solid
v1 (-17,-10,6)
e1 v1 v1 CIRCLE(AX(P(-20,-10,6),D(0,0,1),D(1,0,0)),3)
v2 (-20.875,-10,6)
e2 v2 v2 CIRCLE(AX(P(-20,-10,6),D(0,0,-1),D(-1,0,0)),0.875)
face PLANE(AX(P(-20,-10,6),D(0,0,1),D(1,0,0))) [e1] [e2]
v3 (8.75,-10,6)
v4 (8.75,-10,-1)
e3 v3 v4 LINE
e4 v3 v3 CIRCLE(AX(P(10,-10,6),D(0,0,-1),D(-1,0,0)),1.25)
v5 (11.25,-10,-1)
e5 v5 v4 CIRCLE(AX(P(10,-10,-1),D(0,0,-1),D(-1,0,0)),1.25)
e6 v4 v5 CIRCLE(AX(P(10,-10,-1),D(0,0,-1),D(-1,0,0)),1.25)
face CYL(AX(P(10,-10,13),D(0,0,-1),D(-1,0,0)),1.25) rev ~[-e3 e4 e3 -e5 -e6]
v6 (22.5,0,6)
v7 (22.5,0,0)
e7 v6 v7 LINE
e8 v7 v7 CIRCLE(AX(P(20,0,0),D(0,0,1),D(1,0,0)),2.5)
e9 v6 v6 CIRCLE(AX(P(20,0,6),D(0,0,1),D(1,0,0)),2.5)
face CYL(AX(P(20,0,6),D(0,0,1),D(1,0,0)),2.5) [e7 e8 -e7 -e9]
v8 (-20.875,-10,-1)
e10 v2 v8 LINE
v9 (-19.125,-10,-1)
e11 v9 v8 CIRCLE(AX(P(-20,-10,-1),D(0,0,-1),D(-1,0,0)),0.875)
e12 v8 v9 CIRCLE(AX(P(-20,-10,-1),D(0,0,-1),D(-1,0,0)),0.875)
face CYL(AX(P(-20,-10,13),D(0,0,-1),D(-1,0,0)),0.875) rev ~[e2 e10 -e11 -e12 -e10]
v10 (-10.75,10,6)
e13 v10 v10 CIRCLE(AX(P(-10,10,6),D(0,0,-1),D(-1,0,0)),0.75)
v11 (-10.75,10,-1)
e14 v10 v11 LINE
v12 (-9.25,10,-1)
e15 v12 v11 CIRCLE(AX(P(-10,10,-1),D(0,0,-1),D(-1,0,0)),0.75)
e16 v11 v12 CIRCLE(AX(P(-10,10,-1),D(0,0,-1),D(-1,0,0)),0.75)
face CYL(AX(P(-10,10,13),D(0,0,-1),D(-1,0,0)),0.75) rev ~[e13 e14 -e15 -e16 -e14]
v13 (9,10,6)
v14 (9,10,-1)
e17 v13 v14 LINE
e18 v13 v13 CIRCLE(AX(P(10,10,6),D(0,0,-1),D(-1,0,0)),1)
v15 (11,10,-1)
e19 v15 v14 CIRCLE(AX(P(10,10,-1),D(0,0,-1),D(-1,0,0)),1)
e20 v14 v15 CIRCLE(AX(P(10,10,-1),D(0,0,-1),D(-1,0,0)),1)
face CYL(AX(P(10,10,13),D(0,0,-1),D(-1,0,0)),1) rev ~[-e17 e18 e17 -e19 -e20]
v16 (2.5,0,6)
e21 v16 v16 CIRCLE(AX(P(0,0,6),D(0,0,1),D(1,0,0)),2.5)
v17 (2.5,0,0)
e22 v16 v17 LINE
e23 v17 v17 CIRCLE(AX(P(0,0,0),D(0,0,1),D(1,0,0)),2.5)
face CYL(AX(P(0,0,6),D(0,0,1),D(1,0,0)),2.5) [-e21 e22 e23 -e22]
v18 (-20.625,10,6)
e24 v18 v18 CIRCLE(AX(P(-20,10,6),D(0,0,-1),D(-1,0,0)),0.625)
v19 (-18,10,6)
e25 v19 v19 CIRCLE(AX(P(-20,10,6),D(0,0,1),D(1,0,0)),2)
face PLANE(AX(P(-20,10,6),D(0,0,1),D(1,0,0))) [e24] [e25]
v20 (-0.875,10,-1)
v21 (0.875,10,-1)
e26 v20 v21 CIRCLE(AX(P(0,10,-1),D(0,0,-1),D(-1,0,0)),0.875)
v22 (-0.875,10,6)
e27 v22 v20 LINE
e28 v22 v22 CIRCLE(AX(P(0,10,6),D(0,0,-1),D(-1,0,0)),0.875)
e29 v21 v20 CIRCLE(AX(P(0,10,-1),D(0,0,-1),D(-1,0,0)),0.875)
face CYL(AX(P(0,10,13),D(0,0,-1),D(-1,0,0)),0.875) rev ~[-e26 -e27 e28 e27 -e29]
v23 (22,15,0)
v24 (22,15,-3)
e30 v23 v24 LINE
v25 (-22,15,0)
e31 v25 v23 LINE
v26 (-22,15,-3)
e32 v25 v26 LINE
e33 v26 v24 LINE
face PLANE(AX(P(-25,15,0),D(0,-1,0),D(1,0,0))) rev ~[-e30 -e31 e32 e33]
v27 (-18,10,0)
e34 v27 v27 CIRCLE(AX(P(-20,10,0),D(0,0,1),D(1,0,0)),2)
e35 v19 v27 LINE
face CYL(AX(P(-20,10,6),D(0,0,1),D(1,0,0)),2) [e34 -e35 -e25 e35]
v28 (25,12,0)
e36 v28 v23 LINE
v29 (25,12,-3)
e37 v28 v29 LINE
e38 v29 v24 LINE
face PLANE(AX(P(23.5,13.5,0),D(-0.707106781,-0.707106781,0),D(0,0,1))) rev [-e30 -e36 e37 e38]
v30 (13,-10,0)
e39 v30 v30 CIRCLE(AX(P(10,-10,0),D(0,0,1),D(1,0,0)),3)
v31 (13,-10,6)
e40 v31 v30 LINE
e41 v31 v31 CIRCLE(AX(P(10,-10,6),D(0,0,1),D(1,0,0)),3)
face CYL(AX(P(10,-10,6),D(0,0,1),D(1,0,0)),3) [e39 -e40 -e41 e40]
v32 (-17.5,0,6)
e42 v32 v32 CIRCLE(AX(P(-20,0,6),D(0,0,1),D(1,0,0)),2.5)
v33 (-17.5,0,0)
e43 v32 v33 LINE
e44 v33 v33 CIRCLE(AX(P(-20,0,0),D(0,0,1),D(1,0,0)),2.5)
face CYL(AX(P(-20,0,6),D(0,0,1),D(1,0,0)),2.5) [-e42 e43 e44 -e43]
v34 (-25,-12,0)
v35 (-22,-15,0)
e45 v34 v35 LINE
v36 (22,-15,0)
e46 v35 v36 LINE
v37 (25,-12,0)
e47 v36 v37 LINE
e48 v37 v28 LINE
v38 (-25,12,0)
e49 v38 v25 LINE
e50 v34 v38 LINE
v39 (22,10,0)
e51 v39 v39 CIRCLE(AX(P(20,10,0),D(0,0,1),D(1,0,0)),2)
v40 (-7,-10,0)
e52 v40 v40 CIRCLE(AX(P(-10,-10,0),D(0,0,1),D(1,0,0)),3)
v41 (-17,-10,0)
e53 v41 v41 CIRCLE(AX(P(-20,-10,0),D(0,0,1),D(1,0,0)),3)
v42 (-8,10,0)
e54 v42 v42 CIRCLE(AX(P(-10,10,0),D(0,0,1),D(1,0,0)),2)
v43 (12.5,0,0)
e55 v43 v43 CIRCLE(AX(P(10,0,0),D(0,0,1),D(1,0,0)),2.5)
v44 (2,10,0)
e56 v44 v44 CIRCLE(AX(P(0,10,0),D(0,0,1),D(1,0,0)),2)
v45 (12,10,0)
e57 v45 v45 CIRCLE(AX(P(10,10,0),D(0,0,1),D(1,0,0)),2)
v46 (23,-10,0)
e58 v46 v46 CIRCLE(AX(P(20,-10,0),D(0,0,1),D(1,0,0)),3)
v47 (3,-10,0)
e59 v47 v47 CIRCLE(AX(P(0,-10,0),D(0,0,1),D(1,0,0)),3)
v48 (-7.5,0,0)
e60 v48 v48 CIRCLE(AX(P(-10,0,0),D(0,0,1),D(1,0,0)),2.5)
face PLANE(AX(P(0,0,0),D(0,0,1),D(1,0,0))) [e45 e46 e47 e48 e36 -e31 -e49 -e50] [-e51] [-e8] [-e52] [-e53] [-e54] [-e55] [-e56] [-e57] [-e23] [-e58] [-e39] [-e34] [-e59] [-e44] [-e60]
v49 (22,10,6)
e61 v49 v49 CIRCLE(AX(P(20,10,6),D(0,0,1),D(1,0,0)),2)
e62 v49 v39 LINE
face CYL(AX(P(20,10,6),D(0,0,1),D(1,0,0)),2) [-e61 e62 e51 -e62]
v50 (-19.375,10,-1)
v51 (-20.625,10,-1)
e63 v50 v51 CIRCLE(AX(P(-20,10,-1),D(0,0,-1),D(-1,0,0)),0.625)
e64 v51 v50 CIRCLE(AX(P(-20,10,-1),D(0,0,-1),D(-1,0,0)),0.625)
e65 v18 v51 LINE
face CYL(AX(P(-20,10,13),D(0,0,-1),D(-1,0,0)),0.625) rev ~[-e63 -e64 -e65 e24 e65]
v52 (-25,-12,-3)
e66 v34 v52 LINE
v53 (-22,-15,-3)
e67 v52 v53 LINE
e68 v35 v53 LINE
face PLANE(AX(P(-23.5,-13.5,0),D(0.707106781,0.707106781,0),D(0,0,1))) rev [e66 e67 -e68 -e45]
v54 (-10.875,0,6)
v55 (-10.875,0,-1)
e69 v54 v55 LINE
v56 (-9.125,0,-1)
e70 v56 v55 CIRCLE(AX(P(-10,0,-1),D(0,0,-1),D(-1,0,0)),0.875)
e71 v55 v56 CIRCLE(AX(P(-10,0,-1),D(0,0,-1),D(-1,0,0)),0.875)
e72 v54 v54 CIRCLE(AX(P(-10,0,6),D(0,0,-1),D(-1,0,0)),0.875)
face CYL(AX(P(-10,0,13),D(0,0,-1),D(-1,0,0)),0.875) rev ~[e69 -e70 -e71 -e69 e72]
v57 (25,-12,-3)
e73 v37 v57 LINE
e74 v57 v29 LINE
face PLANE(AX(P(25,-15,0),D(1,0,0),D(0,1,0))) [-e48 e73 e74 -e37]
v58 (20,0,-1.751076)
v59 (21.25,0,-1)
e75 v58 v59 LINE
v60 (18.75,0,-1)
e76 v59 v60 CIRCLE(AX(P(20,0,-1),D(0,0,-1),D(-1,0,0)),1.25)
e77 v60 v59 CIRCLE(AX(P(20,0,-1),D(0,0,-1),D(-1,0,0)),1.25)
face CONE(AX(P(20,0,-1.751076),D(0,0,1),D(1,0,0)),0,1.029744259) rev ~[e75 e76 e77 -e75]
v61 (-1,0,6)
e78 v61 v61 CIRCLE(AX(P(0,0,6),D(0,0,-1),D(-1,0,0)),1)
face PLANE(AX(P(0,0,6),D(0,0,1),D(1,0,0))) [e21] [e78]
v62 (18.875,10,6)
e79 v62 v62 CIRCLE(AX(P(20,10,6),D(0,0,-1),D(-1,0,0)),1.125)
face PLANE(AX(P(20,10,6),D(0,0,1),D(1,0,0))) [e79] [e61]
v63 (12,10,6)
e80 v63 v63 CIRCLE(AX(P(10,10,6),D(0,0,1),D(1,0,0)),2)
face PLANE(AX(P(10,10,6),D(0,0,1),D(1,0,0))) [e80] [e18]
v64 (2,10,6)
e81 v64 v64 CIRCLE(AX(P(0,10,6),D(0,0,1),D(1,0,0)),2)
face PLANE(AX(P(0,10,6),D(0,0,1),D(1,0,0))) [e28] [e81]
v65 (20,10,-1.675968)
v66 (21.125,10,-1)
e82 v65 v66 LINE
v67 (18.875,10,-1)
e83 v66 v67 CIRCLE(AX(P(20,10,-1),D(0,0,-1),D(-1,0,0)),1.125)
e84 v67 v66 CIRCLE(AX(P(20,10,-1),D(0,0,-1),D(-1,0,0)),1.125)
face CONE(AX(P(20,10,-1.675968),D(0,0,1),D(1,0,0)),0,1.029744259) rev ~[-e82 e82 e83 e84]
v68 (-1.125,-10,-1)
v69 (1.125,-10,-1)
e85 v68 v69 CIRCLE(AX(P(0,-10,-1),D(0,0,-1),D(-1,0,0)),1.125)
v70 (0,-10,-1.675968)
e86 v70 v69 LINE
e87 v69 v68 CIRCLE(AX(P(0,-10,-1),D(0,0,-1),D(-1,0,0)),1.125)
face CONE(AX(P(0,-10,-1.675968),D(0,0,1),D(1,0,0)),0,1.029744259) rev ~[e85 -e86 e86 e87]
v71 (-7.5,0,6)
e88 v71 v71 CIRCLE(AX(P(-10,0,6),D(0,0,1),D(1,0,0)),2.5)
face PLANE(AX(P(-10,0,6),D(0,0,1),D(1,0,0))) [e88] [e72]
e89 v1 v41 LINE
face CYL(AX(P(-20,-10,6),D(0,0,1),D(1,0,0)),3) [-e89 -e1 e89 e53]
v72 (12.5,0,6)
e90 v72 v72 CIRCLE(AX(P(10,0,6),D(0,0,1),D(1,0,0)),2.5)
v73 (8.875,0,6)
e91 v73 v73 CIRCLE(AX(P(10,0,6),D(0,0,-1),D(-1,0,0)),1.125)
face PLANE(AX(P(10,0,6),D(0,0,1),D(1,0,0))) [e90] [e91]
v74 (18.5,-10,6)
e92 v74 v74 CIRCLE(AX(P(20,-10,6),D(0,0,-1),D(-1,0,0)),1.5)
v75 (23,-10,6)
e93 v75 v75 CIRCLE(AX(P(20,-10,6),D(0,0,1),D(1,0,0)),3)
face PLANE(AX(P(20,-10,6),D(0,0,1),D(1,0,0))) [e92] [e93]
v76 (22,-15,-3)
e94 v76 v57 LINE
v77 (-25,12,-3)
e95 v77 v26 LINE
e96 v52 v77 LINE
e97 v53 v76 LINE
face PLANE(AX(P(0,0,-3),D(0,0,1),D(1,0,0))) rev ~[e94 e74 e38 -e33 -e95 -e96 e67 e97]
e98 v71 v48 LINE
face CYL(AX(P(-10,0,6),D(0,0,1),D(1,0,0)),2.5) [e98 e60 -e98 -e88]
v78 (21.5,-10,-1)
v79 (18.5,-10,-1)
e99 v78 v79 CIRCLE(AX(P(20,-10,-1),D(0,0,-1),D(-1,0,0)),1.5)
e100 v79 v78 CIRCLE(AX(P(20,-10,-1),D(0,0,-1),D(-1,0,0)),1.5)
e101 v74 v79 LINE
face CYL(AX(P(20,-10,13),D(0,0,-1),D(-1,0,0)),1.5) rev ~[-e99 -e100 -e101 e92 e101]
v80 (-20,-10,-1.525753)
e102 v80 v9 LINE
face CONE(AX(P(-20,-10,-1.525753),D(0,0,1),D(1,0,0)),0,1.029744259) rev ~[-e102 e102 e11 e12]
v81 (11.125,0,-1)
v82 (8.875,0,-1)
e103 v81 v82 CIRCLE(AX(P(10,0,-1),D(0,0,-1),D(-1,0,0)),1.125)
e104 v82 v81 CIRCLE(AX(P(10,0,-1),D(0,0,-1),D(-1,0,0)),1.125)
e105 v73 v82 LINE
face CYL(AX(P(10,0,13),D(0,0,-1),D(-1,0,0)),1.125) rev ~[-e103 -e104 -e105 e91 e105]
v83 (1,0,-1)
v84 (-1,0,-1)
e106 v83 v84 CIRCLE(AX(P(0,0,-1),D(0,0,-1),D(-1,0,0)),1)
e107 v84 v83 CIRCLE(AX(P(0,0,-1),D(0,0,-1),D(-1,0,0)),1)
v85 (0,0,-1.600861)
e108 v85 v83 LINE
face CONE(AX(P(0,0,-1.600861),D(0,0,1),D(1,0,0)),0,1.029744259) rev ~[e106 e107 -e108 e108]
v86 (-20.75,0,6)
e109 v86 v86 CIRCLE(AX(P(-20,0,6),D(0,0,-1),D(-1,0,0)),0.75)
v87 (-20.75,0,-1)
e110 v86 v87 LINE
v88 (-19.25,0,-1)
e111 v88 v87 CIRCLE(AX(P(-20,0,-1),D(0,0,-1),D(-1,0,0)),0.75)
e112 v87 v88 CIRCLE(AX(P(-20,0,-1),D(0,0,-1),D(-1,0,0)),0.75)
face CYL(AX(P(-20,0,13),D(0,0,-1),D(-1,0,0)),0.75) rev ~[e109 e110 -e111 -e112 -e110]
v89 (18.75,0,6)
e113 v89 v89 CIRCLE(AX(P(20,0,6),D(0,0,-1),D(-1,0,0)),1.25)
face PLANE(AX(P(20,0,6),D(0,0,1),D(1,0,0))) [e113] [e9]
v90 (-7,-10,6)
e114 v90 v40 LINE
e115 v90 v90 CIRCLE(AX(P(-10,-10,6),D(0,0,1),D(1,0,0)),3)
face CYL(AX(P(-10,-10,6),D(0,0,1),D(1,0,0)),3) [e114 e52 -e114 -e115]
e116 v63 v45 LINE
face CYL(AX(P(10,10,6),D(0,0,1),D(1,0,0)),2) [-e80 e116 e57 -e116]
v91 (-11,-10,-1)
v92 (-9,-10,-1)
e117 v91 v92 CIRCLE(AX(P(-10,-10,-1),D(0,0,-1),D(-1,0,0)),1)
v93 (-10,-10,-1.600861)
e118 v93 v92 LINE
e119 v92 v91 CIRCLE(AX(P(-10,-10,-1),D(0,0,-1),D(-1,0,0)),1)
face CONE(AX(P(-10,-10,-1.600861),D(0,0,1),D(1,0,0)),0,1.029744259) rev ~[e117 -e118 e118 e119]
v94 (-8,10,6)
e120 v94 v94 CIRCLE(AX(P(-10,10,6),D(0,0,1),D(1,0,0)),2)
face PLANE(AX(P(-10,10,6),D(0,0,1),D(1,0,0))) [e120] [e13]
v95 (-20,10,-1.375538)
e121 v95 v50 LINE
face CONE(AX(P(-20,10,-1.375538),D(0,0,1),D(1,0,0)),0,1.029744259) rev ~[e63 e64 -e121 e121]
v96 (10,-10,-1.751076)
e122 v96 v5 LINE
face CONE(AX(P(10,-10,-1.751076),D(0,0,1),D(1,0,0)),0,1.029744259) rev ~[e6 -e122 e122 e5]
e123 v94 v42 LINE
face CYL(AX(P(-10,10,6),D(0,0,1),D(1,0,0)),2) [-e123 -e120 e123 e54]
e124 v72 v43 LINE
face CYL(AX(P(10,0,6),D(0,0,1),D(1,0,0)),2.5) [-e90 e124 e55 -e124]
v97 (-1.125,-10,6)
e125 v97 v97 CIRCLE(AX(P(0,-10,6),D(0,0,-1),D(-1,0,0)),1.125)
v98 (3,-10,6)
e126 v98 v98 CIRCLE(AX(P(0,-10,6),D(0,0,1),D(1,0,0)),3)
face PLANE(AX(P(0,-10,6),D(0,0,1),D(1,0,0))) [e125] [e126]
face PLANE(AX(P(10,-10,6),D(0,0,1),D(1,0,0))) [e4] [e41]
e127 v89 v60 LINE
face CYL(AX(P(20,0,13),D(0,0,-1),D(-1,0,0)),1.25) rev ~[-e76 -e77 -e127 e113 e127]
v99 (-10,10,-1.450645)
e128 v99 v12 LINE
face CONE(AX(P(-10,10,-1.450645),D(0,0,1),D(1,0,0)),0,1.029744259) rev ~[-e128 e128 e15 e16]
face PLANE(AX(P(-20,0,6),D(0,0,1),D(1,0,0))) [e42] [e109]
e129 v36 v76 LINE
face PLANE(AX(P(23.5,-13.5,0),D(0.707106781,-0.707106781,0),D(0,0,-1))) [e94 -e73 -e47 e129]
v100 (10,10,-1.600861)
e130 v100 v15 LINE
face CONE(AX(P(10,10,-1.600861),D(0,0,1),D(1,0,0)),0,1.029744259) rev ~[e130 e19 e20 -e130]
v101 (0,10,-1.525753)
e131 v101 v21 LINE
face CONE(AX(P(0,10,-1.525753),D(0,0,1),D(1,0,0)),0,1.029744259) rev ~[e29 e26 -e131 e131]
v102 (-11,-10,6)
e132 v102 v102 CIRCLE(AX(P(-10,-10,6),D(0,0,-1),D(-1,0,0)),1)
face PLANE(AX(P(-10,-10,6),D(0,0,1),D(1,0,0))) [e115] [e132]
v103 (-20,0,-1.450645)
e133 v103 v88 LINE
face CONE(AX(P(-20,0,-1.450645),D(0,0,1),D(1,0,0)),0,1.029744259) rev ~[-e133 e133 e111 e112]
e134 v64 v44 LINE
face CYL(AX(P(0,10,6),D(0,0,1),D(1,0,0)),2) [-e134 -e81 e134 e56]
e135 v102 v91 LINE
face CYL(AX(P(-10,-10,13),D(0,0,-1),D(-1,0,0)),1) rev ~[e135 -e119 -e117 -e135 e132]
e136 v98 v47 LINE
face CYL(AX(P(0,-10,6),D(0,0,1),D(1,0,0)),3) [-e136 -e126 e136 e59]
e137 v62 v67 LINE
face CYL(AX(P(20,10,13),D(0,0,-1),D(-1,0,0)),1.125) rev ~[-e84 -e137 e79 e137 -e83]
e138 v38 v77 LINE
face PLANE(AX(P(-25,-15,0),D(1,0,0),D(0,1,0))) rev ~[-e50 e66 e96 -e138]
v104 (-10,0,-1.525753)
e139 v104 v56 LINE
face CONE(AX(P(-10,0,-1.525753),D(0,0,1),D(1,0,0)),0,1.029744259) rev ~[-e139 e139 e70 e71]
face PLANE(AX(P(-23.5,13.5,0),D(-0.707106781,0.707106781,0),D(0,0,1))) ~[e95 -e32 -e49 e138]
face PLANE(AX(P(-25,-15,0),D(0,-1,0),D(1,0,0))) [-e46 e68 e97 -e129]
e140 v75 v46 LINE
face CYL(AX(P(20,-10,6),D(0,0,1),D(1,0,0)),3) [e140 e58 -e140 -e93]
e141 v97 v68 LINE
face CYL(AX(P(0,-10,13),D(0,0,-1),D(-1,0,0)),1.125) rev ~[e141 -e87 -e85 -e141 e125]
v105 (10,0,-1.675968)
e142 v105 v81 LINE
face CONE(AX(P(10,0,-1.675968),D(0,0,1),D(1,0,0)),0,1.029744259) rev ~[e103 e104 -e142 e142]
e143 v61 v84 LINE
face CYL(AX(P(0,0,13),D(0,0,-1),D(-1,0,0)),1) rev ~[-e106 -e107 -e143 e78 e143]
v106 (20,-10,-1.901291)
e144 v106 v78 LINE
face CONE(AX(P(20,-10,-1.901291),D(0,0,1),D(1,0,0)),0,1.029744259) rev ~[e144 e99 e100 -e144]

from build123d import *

# Parameters (mm, degrees)
F0_W      = 50
F0_H      = 30
F1_DEPTH  = 3
F2_SIZE   = 3
F4_R      = 2.5
F4_R_2    = 2
F4_R_3    = 3
F5_DEPTH  = 6
F6_D      = 2
F6_DEPTH  = 7
F6_TIP    = 0.600860619
F7_D      = 1.75
F7_DEPTH  = 7
F7_TIP    = 0.5257530416
F8_D      = 1.5
F8_DEPTH  = 7
F8_TIP    = 0.4506454643
F9_D      = 1.25
F9_DEPTH  = 7
F9_TIP    = 0.3755378869
F10_D     = 2.25
F10_DEPTH = 7
F10_TIP   = 0.6759681964
F11_D     = 2.5
F11_DEPTH = 7
F11_TIP   = 0.7510757738
F12_D     = 3
F12_DEPTH = 7
F12_TIP   = 0.9012909285


with BuildPart() as f1:
    # F0 (on Top) → F1 (new body)
    with BuildSketch(Plane.XY):
        Rectangle(F0_W, F0_H)
    extrude(amount=-F1_DEPTH)

    # F2
    f2_edges = [f1.edges().sort_by_distance(p)[0] for p in [
        (-25, -15, -1.5),
        (25, -15, -1.5),
        (25, 15, -1.5),
        (-25, 15, -1.5),
    ]]
    chamfer(f2_edges, length=F2_SIZE)

    # F4 (on offset) → F5 (join)
    with BuildSketch(Plane.XY.offset(6)):
        with Locations((-20, 0)):
            Circle(F4_R)
        with Locations((-10, 0)):
            Circle(F4_R)
        Circle(F4_R)
        with Locations((10, 0)):
            Circle(F4_R)
        with Locations((20, 0)):
            Circle(F4_R)
        with Locations((-20, 10)):
            Circle(F4_R_2)
        with Locations((-10, 10)):
            Circle(F4_R_2)
        with Locations((0, 10)):
            Circle(F4_R_2)
        with Locations((10, 10)):
            Circle(F4_R_2)
        with Locations((20, 10)):
            Circle(F4_R_2)
        with Locations((-20, -10)):
            Circle(F4_R_3)
        with Locations((-10, -10)):
            Circle(F4_R_3)
        with Locations((0, -10)):
            Circle(F4_R_3)
        with Locations((10, -10)):
            Circle(F4_R_3)
        with Locations((20, -10)):
            Circle(F4_R_3)
    extrude(amount=-F5_DEPTH)

    # F6
    with Locations(Plane.XY.offset(6)):
        with Locations((0, 0), (10, 10), (-10, -10)):
            Hole(F6_D / 2, depth=F6_DEPTH)
            with Locations((0, 0, -(F6_DEPTH + F6_TIP / 2))):  # 118° drill point
                Cone(0, F6_D / 2, F6_TIP, mode=Mode.SUBTRACT)

    # F7
    with Locations(Plane.XY.offset(6)):
        with Locations((-20, -10), (-10, 0), (0, 10)):
            Hole(F7_D / 2, depth=F7_DEPTH)
            with Locations((0, 0, -(F7_DEPTH + F7_TIP / 2))):  # 118° drill point
                Cone(0, F7_D / 2, F7_TIP, mode=Mode.SUBTRACT)

    # F8
    with Locations(Plane.XY.offset(6)):
        with Locations((-20, 0), (-10, 10)):
            Hole(F8_D / 2, depth=F8_DEPTH)
            with Locations((0, 0, -(F8_DEPTH + F8_TIP / 2))):  # 118° drill point
                Cone(0, F8_D / 2, F8_TIP, mode=Mode.SUBTRACT)

    # F9
    with Locations(Plane.XY.offset(6)):
        with Locations((-20, 10)):
            Hole(F9_D / 2, depth=F9_DEPTH)
            with Locations((0, 0, -(F9_DEPTH + F9_TIP / 2))):  # 118° drill point
                Cone(0, F9_D / 2, F9_TIP, mode=Mode.SUBTRACT)

    # F10
    with Locations(Plane.XY.offset(6)):
        with Locations((0, -10), (10, 0), (20, 10)):
            Hole(F10_D / 2, depth=F10_DEPTH)
            with Locations((0, 0, -(F10_DEPTH + F10_TIP / 2))):  # 118° drill point
                Cone(0, F10_D / 2, F10_TIP, mode=Mode.SUBTRACT)

    # F11
    with Locations(Plane.XY.offset(6)):
        with Locations((10, -10), (20, 0)):
            Hole(F11_D / 2, depth=F11_DEPTH)
            with Locations((0, 0, -(F11_DEPTH + F11_TIP / 2))):  # 118° drill point
                Cone(0, F11_D / 2, F11_TIP, mode=Mode.SUBTRACT)

    # F12
    with Locations(Plane.XY.offset(6)):
        with Locations((20, -10)):
            Hole(F12_D / 2, depth=F12_DEPTH)
            with Locations((0, 0, -(F12_DEPTH + F12_TIP / 2))):  # 118° drill point
                Cone(0, F12_D / 2, F12_TIP, mode=Mode.SUBTRACT)


solid = f1.part
